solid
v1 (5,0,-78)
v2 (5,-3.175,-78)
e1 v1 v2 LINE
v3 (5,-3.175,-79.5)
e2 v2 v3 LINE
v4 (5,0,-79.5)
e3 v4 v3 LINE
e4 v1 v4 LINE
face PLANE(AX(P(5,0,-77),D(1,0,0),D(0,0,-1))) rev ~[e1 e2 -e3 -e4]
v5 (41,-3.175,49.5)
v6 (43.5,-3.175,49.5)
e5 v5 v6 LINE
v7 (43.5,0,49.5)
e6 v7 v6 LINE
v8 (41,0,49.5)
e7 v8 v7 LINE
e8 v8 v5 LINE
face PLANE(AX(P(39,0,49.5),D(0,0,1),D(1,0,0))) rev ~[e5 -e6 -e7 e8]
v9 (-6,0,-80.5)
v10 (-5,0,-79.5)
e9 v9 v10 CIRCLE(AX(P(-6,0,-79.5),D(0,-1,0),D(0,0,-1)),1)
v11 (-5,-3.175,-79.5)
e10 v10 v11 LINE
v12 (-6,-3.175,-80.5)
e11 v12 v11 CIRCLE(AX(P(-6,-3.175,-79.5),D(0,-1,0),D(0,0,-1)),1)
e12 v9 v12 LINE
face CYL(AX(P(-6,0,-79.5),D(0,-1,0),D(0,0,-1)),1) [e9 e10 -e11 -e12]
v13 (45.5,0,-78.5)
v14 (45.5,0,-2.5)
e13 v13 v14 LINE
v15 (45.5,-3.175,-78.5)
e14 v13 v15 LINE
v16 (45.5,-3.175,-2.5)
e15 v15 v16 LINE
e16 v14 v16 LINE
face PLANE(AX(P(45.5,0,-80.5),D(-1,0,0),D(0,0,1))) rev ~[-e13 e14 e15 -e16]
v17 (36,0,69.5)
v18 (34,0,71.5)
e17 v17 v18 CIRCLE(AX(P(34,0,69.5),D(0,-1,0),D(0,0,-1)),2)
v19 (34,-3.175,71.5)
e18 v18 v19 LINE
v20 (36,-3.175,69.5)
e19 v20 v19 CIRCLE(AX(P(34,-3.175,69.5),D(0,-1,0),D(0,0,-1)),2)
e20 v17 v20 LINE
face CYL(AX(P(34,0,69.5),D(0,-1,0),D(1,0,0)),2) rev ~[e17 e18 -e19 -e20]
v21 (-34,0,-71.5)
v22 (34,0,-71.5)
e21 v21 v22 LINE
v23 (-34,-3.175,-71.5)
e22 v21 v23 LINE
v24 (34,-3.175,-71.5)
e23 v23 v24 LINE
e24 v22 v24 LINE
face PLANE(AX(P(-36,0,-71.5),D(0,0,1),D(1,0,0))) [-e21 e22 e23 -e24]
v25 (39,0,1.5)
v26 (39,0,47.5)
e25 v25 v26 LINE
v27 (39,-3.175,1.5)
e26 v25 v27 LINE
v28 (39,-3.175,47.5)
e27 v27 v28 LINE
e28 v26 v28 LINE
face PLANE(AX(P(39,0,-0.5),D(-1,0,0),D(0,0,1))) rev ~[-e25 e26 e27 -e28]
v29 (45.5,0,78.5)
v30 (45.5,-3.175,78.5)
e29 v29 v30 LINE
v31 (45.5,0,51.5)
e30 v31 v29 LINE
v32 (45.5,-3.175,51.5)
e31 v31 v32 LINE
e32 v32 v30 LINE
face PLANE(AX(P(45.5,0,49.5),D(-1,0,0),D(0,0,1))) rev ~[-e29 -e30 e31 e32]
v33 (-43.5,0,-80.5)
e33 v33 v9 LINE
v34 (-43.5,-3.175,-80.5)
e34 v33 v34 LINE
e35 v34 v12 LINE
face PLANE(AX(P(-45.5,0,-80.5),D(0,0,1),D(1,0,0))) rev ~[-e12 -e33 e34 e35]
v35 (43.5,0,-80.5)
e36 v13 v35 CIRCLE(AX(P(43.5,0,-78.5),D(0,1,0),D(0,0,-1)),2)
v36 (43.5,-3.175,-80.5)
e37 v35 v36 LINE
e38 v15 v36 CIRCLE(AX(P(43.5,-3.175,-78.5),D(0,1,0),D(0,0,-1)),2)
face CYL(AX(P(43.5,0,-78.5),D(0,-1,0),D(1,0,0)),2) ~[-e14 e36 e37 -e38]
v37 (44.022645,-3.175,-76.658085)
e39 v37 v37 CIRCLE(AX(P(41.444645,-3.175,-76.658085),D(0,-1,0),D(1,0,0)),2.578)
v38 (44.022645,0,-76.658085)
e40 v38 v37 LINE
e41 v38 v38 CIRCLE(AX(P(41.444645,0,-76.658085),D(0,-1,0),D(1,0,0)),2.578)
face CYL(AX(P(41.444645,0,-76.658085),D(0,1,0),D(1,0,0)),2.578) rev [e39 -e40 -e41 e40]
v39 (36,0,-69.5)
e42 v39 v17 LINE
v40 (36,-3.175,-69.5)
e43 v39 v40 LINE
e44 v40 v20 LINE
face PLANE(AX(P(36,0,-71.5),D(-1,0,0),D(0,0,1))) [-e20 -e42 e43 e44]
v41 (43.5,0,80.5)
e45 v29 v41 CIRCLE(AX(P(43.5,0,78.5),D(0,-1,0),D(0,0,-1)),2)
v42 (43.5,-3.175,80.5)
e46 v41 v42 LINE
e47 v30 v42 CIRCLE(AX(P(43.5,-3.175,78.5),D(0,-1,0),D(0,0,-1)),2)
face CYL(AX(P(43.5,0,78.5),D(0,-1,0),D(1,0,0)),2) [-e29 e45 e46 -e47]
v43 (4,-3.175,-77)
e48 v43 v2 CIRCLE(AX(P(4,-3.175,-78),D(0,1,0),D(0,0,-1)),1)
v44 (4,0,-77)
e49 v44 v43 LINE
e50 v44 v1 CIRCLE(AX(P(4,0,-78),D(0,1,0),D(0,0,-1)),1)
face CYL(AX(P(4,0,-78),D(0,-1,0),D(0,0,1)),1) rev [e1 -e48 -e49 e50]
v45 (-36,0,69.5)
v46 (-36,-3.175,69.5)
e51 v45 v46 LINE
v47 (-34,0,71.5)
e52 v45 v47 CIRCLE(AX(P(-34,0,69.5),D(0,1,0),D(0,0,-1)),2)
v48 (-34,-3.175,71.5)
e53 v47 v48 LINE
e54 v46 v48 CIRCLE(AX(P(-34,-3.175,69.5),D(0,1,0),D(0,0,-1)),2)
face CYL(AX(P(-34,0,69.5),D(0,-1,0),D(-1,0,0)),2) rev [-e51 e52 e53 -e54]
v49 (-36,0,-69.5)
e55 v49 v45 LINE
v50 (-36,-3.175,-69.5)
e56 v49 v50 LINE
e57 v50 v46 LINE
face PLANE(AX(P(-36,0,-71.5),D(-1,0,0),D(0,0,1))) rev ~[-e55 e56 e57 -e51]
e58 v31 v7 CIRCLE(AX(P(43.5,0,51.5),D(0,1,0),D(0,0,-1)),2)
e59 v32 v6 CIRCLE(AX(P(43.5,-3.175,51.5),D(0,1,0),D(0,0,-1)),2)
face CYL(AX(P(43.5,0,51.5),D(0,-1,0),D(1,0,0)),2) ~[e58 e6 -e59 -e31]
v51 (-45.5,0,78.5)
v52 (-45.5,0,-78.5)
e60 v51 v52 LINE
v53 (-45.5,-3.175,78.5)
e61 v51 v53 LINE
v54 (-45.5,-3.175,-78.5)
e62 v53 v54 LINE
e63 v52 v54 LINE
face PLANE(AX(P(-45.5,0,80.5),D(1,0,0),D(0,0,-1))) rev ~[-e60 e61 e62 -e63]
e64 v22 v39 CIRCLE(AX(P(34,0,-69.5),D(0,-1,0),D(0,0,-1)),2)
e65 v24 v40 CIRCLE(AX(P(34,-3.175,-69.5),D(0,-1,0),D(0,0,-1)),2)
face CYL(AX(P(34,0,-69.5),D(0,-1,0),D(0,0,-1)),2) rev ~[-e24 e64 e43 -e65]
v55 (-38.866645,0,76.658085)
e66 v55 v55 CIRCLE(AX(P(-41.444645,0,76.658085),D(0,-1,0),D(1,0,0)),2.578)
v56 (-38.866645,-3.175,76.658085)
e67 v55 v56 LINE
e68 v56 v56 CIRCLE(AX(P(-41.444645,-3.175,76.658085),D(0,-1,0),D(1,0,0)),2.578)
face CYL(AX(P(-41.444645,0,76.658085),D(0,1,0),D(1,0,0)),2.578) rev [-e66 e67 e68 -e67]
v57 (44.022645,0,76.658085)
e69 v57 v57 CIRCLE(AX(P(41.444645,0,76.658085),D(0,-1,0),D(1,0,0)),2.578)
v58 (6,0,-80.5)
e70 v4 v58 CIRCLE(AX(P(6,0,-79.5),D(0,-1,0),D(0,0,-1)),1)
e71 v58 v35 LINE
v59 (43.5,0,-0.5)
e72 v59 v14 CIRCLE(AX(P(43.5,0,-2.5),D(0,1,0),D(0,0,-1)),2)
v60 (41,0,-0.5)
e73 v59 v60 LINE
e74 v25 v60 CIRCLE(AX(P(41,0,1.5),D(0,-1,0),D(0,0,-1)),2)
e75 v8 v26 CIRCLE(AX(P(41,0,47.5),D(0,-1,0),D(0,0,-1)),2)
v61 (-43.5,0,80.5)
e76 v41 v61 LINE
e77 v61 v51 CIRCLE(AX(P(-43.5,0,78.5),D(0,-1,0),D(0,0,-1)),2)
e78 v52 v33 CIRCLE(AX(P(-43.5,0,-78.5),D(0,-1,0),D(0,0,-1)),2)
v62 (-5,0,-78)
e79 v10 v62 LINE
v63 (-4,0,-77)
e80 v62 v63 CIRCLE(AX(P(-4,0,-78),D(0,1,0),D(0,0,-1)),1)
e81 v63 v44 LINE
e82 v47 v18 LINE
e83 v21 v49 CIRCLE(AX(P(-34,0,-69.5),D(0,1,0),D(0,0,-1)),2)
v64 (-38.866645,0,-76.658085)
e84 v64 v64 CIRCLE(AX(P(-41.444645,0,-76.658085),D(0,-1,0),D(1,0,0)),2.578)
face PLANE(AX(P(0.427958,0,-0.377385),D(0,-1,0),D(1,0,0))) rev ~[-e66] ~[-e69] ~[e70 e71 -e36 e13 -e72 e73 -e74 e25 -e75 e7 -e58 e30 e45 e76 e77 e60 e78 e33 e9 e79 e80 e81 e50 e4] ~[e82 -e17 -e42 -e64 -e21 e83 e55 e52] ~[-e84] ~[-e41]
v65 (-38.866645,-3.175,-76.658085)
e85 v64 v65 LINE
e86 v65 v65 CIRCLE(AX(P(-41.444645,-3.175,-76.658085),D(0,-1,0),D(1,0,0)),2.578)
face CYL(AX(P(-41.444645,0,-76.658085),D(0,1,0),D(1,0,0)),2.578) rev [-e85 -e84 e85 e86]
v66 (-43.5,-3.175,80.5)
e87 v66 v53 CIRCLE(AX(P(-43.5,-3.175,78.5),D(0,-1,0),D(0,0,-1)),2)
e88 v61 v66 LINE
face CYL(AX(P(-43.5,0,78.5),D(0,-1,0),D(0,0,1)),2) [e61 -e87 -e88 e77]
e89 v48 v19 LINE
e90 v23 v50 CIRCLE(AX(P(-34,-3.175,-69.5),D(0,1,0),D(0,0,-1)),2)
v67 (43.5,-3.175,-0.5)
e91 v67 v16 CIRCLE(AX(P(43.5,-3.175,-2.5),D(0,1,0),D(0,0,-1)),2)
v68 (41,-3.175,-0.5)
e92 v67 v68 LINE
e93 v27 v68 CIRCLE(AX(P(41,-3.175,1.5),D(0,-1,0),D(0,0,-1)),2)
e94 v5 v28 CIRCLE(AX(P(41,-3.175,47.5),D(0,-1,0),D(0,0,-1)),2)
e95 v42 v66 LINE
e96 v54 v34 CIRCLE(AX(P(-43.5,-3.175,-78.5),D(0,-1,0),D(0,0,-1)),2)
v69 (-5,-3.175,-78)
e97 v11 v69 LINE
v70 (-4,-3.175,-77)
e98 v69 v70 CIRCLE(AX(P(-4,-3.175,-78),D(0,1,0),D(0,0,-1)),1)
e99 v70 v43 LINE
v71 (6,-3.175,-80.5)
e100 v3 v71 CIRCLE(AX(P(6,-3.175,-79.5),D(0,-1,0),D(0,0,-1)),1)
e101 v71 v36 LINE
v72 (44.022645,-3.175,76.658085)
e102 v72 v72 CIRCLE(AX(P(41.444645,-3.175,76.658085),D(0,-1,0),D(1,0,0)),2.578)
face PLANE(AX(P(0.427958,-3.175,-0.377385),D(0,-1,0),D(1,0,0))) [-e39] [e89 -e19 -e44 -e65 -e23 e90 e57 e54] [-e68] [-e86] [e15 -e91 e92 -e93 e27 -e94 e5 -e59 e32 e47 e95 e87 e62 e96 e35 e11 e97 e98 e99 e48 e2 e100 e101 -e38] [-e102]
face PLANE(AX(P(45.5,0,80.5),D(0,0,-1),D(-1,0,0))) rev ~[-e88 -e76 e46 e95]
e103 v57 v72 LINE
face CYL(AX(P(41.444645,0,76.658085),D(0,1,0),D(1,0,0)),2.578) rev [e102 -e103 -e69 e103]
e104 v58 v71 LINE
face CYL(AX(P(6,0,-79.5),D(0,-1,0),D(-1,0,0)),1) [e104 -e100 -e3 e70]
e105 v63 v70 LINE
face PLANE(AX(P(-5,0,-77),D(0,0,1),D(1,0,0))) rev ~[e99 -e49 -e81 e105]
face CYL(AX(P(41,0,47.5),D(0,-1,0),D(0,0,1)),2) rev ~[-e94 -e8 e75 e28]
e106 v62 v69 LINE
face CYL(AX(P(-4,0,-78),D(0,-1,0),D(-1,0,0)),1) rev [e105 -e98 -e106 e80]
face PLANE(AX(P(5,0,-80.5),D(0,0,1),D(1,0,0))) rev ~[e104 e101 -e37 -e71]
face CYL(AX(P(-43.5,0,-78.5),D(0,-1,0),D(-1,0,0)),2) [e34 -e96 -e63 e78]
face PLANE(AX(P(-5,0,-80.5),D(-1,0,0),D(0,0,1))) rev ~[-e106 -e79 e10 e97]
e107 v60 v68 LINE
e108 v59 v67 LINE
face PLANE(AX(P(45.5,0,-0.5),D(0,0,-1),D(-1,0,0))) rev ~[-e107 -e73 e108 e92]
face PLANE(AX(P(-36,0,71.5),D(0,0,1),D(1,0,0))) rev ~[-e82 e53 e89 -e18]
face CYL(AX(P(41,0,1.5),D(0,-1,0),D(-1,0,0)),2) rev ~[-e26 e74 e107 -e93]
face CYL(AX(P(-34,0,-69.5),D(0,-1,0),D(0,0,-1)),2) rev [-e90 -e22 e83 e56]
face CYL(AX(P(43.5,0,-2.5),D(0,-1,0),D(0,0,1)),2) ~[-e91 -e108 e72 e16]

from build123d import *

# Parameters (mm, degrees)
F1_R     = 2.578
F1_W     = 72
F1_H     = 143
F2_DEPTH = 3.175
F3_R     = 2
F4_R     = 1


with BuildPart() as f2:
    # F1 (on Front) → F2 (new body)
    with BuildSketch(Plane.XZ):
        Polygon((45.5, 49.5), (45.5, 80.5), (-45.5, 80.5), (-45.5, -80.5), (-5, -80.5), (-5, -77), (5, -77), (5, -80.5), (45.5, -80.5), (45.5, -0.5), (39, -0.5), (39, 49.5), align=None)
        with Locations((-41.444645, -76.658085)):
            Circle(F1_R, mode=Mode.SUBTRACT)
        with Locations((41.444645, -76.658085)):
            Circle(F1_R, mode=Mode.SUBTRACT)
        Rectangle(F1_W, F1_H, mode=Mode.SUBTRACT)
        with Locations((-41.444645, 76.658085)):
            Circle(F1_R, mode=Mode.SUBTRACT)
        with Locations((41.444645, 76.658085)):
            Circle(F1_R, mode=Mode.SUBTRACT)
    extrude(amount=F2_DEPTH)

    # F3
    f3_edges = [f2.edges().sort_by_distance(p)[0] for p in [
        (-36, -1.5875, 71.5),
        (36, -1.5875, 71.5),
        (-45.5, -1.5875, 80.5),
        (45.5, -1.5875, 80.5),
        (45.5, -1.5875, 49.5),
        (39, -1.5875, 49.5),
        (45.5, -1.5875, -0.5),
        (39, -1.5875, -0.5),
        (-36, -1.5875, -71.5),
        (-45.5, -1.5875, -80.5),
        (45.5, -1.5875, -80.5),
        (36, -1.5875, -71.5),
    ]]
    fillet(f3_edges, radius=F3_R)

    # F4
    f4_edges = [f2.edges().sort_by_distance(p)[0] for p in [
        (5, -1.5875, -80.5),
        (5, -1.5875, -77),
        (-5, -1.5875, -77),
        (-5, -1.5875, -80.5),
    ]]
    fillet(f4_edges, radius=F4_R)


solid = f2.part
